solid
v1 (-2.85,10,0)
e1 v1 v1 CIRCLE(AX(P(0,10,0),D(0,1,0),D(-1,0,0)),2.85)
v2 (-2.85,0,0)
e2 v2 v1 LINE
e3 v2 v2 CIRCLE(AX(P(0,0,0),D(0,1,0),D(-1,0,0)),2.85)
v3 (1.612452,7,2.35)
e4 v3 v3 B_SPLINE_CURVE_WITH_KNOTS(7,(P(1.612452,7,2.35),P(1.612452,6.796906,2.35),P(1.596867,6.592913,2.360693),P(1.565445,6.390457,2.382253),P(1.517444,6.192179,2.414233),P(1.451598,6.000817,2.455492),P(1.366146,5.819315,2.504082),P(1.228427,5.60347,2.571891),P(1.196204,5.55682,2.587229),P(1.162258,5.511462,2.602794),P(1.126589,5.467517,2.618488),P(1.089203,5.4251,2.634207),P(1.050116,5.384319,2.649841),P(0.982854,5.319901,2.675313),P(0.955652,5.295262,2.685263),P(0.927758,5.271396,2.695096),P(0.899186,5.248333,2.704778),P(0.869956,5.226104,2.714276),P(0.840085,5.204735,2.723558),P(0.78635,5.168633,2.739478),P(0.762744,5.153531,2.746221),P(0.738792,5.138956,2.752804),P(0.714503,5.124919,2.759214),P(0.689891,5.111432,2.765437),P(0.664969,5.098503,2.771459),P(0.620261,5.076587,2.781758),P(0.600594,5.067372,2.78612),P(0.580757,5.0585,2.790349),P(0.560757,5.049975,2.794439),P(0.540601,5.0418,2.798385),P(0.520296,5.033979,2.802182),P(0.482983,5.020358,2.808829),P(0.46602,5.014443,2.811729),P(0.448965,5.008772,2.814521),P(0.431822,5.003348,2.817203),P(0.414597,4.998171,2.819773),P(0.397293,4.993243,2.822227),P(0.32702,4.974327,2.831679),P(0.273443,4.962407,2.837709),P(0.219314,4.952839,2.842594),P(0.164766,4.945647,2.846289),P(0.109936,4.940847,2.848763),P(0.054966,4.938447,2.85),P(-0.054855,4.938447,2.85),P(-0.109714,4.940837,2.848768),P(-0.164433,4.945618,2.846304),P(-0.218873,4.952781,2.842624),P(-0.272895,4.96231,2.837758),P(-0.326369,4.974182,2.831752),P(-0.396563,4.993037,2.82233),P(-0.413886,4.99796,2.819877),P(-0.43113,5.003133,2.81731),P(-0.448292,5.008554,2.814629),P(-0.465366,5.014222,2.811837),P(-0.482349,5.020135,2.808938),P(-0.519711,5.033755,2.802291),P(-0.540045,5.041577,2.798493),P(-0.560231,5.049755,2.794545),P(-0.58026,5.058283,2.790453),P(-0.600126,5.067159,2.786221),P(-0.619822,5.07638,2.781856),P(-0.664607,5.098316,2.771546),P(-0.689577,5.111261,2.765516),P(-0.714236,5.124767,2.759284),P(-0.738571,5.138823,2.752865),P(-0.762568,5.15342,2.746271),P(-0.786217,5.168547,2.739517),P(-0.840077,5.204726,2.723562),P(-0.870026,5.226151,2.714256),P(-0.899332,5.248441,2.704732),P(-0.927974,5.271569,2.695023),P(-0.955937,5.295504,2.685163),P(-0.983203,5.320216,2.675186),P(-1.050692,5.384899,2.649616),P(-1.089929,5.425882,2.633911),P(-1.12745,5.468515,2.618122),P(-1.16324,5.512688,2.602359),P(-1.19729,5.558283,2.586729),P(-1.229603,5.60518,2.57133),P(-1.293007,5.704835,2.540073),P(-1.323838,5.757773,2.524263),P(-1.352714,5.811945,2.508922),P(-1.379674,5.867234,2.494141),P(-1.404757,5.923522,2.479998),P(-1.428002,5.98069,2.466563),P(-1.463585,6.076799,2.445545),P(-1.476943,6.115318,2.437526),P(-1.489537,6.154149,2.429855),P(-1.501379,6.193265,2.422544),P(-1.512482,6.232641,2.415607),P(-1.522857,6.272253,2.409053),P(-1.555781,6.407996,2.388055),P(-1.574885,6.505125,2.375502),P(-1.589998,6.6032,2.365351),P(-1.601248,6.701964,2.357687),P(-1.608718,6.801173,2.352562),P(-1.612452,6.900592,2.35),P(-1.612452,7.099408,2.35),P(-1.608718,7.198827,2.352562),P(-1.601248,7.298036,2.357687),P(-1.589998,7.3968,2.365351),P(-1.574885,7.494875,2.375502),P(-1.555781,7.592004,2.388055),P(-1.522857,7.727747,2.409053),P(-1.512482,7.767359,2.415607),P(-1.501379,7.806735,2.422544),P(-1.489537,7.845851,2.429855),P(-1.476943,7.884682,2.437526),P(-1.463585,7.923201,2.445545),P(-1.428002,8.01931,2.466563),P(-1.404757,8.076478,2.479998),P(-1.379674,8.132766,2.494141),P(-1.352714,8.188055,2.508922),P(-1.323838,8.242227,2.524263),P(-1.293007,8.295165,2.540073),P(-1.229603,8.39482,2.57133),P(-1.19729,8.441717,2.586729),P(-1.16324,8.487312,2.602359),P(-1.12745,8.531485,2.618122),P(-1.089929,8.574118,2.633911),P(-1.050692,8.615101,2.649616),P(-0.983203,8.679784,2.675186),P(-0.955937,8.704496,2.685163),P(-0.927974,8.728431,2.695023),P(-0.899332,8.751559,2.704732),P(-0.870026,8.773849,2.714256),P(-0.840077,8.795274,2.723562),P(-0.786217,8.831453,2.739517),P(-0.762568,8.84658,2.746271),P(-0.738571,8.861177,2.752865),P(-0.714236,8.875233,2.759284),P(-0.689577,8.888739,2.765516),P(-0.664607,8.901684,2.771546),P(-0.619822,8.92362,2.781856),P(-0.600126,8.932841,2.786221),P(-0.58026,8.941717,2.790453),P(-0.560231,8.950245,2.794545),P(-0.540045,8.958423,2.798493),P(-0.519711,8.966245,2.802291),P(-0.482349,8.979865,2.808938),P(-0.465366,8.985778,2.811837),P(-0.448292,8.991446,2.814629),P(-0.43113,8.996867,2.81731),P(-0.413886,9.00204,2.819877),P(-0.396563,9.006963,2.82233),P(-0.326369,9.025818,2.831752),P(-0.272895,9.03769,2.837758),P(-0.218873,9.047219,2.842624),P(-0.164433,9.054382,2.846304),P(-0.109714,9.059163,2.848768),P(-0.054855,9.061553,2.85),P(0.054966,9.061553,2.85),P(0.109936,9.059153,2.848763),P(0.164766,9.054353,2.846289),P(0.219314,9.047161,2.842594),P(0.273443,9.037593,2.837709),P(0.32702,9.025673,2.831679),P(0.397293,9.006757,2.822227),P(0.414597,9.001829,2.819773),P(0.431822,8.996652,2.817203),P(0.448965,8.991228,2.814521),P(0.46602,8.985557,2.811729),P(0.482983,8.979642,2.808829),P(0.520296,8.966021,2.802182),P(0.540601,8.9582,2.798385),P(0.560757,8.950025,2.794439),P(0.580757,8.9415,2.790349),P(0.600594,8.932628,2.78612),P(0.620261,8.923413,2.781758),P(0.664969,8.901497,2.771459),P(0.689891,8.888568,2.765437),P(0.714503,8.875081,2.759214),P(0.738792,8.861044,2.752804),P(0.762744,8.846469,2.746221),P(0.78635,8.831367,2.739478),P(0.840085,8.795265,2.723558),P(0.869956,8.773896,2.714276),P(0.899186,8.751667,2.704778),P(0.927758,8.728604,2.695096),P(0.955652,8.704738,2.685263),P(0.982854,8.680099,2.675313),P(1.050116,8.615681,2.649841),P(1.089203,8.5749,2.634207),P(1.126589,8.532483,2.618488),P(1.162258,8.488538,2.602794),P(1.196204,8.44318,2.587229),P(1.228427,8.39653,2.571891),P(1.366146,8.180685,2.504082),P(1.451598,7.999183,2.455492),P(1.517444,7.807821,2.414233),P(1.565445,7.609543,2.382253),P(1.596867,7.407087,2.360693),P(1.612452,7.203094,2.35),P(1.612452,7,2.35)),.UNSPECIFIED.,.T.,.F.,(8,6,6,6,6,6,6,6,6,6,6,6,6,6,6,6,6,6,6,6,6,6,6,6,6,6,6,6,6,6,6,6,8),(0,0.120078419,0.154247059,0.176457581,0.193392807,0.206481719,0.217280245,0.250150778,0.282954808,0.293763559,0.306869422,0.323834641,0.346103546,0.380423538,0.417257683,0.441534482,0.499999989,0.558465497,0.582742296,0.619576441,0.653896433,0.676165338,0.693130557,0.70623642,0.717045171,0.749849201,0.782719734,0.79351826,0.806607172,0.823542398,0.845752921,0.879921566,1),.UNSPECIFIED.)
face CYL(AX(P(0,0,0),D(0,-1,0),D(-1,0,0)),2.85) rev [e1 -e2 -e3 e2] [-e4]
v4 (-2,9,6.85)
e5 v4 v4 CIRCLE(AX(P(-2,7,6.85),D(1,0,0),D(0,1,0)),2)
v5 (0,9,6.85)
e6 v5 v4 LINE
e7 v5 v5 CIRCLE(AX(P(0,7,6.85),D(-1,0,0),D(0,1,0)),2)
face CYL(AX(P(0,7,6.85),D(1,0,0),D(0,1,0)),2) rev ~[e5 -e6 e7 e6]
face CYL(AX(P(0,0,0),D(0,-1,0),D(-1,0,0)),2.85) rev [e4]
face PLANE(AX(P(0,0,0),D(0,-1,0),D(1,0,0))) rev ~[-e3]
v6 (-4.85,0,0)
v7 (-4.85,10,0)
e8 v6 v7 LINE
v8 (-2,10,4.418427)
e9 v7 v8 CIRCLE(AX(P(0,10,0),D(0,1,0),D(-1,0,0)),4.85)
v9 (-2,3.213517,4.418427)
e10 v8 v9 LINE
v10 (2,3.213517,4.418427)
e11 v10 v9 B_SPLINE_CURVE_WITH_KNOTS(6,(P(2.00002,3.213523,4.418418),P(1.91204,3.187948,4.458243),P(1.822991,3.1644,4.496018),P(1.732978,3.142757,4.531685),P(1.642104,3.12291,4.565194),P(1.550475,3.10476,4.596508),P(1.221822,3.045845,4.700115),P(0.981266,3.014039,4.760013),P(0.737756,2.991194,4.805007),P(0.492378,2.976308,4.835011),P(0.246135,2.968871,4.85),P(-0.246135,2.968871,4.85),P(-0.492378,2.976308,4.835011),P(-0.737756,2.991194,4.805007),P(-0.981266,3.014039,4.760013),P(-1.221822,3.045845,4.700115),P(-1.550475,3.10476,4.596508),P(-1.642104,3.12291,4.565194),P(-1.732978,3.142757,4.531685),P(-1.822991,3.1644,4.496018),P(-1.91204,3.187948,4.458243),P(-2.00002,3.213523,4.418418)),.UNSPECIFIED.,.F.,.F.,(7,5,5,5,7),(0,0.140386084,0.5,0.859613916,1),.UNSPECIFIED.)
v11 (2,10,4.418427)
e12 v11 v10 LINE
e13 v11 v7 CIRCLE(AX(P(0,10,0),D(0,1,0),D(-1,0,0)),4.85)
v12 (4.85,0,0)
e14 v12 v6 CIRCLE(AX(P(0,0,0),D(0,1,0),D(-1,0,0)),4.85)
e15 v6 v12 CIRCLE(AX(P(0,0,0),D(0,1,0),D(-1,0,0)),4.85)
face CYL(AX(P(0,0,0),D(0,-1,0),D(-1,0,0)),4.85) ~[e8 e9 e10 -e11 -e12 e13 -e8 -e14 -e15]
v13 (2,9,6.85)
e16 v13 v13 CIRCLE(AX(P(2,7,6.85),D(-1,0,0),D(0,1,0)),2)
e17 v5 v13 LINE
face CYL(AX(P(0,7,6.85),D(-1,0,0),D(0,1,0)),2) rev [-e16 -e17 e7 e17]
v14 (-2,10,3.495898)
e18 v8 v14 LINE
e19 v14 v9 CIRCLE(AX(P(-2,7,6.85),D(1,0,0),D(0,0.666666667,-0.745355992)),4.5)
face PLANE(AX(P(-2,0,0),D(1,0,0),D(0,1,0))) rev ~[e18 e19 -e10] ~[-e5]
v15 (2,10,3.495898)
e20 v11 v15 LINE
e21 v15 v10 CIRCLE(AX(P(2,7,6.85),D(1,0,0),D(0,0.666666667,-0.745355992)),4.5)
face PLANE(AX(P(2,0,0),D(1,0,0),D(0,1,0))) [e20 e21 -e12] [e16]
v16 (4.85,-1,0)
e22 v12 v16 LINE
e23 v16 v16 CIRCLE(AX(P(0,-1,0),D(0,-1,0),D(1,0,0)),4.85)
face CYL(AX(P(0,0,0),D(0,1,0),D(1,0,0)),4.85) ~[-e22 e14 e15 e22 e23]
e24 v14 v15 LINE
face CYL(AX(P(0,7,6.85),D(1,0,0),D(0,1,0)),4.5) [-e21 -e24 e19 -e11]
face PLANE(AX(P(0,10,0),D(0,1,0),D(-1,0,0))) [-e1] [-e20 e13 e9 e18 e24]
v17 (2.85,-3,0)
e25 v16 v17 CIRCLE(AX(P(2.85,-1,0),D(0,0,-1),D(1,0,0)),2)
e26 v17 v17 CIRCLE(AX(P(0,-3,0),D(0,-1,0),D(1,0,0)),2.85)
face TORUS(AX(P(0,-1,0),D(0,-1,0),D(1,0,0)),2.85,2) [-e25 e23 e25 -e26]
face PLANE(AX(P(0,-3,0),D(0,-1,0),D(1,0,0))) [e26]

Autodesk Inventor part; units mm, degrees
ref_plane "YZ Plane" through (0, 0, 0) normal (1, 0, 0) x (0, 1, 0)
ref_plane "XZ Plane" through (0, 0, 0) normal (0, 1, 0) x (-1, 0, 0)
ref_plane "XY Plane" through (0, 0, 0) normal (0, 0, 1) x (1, 0, 0)
sketch "Sketch1" plane through (0, 0, 0) normal (0, 1, 0) x (-1, 0, 0)
  circle A0 centre (0, 0) radius 2.85
  circle A1 centre (0, 0) radius 4.85
  dimension "d0" = 5.7
  dimension "d1" = 2
extrude "Extrusion1" add sketch "Sketch1" along normal blind 10
sketch "Sketch2" plane through (0, 0, 0) normal (1, 0, 0) x (0, 1, 0)
  circle A0 centre (7, 6.85) radius 2
  circle A1 centre (7, 6.85) radius 4.5
  line L0 (10, -4.85) -> (10, 4.85) projected
  line L1 (0, -4.85) -> (0, 4.85) projected
  line L2 (0, 4.85) -> (10, 4.85) projected
  point P0 (0, 0)
  dimension "d4" = 4
  dimension "d5" = 9
  dimension "d6" = 7
extrude "Extrusion2" add sketch "Sketch2" along normal mid plane 4
sketch "Sketch3" plane through (0, 0, 0) normal (0, -1, 0) x (1, 0, 0)
  circle A0 centre (0, 0) radius 4.85 projected
  circle A1 centre (0, 0) radius 2.85 projected
extrude "Extrusion3" add sketch "Sketch3" along normal blind 3 contours A0 | A1
fillet "Fillet1" radius 2 1 edges at (-4.85, -3, 0)
extrude "Extrusion4" cut sketch "Sketch1" along normal blind 100 contours A0
properties part number "Landing_leg_shoe"
